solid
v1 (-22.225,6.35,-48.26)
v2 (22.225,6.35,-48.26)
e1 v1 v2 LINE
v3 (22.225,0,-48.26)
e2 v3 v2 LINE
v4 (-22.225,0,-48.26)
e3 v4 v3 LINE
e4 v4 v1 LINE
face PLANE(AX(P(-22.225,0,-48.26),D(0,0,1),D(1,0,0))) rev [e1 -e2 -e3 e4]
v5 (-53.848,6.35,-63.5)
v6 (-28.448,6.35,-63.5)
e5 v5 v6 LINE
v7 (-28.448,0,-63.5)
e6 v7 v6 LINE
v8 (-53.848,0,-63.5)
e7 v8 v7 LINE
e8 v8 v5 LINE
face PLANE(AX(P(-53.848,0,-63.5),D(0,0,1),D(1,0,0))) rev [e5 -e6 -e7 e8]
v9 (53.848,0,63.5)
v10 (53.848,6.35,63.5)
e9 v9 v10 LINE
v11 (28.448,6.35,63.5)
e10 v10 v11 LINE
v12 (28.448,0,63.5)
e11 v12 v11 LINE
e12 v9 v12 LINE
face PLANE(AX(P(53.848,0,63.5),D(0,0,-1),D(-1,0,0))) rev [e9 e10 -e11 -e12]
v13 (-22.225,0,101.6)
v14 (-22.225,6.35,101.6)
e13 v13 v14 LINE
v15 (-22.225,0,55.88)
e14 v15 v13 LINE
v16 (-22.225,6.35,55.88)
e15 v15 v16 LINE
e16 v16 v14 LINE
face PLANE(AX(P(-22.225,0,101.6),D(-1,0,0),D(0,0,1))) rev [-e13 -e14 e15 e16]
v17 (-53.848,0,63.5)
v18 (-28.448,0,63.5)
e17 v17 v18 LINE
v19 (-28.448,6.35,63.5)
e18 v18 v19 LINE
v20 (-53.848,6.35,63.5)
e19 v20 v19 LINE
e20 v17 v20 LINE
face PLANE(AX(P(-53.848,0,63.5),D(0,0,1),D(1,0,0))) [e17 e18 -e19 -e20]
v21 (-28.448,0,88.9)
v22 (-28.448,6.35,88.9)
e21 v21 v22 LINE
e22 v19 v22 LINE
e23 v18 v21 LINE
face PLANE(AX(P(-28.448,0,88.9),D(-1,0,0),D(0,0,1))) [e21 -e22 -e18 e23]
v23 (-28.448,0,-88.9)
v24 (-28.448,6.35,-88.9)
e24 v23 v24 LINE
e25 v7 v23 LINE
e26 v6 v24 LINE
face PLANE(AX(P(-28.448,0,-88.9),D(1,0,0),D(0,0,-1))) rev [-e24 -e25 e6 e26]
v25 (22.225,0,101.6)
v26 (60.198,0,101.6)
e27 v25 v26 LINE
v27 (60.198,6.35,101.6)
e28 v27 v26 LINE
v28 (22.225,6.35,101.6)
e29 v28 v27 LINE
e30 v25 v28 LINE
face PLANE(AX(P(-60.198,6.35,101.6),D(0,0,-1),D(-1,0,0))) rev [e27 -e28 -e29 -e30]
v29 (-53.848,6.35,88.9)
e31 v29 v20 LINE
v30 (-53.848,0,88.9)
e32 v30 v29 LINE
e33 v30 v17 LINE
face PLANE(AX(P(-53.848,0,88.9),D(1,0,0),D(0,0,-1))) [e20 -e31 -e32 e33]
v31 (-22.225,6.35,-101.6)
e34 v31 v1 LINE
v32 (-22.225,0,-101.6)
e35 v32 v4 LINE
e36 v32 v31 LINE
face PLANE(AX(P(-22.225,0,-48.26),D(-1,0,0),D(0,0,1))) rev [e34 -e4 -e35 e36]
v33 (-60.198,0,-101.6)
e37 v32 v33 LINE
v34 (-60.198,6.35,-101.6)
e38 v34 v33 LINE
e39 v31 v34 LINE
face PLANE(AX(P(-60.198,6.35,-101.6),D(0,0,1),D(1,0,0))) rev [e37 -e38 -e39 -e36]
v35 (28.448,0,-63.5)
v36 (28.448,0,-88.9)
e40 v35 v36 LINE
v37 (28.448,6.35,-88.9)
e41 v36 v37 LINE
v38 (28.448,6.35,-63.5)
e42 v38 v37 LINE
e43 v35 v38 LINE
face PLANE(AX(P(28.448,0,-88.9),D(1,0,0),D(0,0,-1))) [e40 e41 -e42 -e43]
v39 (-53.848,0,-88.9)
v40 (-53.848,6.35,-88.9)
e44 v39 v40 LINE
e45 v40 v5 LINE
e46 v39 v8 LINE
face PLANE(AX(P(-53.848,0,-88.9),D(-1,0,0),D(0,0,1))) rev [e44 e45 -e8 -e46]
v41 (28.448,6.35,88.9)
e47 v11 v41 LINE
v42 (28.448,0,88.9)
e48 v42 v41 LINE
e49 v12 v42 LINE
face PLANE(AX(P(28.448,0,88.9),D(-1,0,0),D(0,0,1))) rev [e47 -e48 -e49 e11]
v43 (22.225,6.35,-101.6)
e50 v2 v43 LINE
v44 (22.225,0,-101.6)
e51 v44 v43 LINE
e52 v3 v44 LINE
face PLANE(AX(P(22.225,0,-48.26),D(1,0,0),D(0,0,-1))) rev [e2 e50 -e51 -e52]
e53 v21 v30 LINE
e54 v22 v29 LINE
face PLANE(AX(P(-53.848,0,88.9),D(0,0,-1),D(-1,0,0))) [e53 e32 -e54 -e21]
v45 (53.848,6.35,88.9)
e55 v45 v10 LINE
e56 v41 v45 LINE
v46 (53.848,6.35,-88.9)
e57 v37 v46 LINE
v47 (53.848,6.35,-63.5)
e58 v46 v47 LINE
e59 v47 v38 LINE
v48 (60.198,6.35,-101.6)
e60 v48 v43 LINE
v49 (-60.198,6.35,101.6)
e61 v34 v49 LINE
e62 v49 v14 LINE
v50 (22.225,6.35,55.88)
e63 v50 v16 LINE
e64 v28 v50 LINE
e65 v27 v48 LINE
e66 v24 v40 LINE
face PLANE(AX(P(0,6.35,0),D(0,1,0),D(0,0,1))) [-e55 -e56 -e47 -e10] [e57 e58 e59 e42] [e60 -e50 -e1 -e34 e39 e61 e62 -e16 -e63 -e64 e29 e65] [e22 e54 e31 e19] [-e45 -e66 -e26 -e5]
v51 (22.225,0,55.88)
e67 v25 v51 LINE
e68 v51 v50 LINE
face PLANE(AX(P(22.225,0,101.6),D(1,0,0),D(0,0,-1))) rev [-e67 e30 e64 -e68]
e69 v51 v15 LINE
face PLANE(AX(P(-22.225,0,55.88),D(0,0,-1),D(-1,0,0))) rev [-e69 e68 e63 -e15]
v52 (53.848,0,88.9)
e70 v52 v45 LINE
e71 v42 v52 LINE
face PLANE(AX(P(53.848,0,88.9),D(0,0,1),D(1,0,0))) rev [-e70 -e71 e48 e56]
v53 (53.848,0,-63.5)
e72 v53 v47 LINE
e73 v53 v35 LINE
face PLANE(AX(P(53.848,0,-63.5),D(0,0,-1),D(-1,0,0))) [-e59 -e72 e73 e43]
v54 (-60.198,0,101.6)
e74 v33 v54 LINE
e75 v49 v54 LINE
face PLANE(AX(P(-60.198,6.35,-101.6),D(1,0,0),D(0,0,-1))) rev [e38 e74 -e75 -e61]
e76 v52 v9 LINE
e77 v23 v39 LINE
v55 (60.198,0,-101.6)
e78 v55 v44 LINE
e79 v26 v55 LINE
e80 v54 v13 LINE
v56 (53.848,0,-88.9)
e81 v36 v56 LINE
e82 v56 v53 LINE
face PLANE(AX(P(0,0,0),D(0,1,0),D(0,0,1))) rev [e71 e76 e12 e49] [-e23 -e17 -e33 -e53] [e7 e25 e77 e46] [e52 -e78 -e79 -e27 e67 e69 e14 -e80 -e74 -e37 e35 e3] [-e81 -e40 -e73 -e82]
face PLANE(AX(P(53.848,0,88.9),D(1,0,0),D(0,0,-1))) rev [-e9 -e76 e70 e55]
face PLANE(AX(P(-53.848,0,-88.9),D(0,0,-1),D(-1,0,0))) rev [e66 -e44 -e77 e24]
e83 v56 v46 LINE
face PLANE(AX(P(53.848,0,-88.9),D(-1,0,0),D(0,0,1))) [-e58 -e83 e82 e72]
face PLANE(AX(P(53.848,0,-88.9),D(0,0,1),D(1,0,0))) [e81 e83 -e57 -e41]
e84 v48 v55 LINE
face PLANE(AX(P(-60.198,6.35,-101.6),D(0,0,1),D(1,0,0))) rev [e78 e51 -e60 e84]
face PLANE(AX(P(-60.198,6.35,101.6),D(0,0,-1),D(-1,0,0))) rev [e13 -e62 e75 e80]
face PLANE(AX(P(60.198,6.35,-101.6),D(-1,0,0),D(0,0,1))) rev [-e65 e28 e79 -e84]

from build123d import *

# Parameters (mm, degrees)
SKETCH1_W               = 120.396
SKETCH1_H               = 203.2
BOSS_EXTRUDE1_DEPTH     = 6.35
CUT_EXTRUDE1_START      = -7.35
SKETCH2_W               = 25.4
SKETCH2_H               = 25.4
CUT_EXTRUDE1_DEPTH      = 8.35
MIRROR2_START           = -7.35
MIRROR2_COPY_1_SKETCH_W = 25.4
MIRROR2_COPY_1_SKETCH_H = 25.4
MIRROR2_COPY_1_DEPTH    = 8.35
SKETCH3_W               = 44.45
SKETCH3_H               = 45.72
SKETCH3_H_2             = 53.34
CUT_EXTRUDE2_DEPTH      = 7.35


with BuildPart() as part:
    # Sketch1 → Boss-Extrude1 (new body)
    with BuildSketch(Plane(origin=(0, 0, 0), x_dir=(1, 0, 0), z_dir=(0, 1, 0))):
        Rectangle(SKETCH1_W, SKETCH1_H)
    extrude(amount=BOSS_EXTRUDE1_DEPTH)

    # Sketch2 → Cut-Extrude1 (cut)
    with BuildSketch(Plane(origin=(0, 6.35, 0), x_dir=(1, 0, 0), z_dir=(0, 1, 0)).offset(CUT_EXTRUDE1_START)):
        with Locations((-41.148, 76.2)):
            Rectangle(SKETCH2_W, SKETCH2_H)
    cut_extrude1 = extrude(amount=CUT_EXTRUDE1_DEPTH, mode=Mode.SUBTRACT)

    # Mirror1: Cut-Extrude1 across plane
    add(cut_extrude1.mirror(Plane.XY), mode=Mode.SUBTRACT)

    # Mirror2: Cut-Extrude1 across plane
    add(cut_extrude1.mirror(Plane(origin=(0, 0, 0), x_dir=(0, 0, 1), z_dir=(1, 0, 0))), mode=Mode.SUBTRACT)

    # Mirror2 copy 1 sketch → Mirror2 copy 1 (cut)
    with BuildSketch(Plane(origin=(0, 6.35, 0), x_dir=(-1, 0, 0), z_dir=(0, 1, 0)).offset(MIRROR2_START)):
        with Locations((-41.148, 76.2)):
            Rectangle(MIRROR2_COPY_1_SKETCH_W, MIRROR2_COPY_1_SKETCH_H)
    extrude(amount=MIRROR2_COPY_1_DEPTH, mode=Mode.SUBTRACT)

    # Sketch3 → Cut-Extrude2 (cut, through all)
    with BuildSketch(Plane(origin=(0, 6.35, 0), x_dir=(1, 0, 0), z_dir=(0, 1, 0))):
        with Locations((0, -78.74)):
            Rectangle(SKETCH3_W, SKETCH3_H)
        with Locations((0, 74.93)):
            Rectangle(SKETCH3_W, SKETCH3_H_2)
    extrude(amount=-CUT_EXTRUDE2_DEPTH, mode=Mode.SUBTRACT)


solid = part.part
